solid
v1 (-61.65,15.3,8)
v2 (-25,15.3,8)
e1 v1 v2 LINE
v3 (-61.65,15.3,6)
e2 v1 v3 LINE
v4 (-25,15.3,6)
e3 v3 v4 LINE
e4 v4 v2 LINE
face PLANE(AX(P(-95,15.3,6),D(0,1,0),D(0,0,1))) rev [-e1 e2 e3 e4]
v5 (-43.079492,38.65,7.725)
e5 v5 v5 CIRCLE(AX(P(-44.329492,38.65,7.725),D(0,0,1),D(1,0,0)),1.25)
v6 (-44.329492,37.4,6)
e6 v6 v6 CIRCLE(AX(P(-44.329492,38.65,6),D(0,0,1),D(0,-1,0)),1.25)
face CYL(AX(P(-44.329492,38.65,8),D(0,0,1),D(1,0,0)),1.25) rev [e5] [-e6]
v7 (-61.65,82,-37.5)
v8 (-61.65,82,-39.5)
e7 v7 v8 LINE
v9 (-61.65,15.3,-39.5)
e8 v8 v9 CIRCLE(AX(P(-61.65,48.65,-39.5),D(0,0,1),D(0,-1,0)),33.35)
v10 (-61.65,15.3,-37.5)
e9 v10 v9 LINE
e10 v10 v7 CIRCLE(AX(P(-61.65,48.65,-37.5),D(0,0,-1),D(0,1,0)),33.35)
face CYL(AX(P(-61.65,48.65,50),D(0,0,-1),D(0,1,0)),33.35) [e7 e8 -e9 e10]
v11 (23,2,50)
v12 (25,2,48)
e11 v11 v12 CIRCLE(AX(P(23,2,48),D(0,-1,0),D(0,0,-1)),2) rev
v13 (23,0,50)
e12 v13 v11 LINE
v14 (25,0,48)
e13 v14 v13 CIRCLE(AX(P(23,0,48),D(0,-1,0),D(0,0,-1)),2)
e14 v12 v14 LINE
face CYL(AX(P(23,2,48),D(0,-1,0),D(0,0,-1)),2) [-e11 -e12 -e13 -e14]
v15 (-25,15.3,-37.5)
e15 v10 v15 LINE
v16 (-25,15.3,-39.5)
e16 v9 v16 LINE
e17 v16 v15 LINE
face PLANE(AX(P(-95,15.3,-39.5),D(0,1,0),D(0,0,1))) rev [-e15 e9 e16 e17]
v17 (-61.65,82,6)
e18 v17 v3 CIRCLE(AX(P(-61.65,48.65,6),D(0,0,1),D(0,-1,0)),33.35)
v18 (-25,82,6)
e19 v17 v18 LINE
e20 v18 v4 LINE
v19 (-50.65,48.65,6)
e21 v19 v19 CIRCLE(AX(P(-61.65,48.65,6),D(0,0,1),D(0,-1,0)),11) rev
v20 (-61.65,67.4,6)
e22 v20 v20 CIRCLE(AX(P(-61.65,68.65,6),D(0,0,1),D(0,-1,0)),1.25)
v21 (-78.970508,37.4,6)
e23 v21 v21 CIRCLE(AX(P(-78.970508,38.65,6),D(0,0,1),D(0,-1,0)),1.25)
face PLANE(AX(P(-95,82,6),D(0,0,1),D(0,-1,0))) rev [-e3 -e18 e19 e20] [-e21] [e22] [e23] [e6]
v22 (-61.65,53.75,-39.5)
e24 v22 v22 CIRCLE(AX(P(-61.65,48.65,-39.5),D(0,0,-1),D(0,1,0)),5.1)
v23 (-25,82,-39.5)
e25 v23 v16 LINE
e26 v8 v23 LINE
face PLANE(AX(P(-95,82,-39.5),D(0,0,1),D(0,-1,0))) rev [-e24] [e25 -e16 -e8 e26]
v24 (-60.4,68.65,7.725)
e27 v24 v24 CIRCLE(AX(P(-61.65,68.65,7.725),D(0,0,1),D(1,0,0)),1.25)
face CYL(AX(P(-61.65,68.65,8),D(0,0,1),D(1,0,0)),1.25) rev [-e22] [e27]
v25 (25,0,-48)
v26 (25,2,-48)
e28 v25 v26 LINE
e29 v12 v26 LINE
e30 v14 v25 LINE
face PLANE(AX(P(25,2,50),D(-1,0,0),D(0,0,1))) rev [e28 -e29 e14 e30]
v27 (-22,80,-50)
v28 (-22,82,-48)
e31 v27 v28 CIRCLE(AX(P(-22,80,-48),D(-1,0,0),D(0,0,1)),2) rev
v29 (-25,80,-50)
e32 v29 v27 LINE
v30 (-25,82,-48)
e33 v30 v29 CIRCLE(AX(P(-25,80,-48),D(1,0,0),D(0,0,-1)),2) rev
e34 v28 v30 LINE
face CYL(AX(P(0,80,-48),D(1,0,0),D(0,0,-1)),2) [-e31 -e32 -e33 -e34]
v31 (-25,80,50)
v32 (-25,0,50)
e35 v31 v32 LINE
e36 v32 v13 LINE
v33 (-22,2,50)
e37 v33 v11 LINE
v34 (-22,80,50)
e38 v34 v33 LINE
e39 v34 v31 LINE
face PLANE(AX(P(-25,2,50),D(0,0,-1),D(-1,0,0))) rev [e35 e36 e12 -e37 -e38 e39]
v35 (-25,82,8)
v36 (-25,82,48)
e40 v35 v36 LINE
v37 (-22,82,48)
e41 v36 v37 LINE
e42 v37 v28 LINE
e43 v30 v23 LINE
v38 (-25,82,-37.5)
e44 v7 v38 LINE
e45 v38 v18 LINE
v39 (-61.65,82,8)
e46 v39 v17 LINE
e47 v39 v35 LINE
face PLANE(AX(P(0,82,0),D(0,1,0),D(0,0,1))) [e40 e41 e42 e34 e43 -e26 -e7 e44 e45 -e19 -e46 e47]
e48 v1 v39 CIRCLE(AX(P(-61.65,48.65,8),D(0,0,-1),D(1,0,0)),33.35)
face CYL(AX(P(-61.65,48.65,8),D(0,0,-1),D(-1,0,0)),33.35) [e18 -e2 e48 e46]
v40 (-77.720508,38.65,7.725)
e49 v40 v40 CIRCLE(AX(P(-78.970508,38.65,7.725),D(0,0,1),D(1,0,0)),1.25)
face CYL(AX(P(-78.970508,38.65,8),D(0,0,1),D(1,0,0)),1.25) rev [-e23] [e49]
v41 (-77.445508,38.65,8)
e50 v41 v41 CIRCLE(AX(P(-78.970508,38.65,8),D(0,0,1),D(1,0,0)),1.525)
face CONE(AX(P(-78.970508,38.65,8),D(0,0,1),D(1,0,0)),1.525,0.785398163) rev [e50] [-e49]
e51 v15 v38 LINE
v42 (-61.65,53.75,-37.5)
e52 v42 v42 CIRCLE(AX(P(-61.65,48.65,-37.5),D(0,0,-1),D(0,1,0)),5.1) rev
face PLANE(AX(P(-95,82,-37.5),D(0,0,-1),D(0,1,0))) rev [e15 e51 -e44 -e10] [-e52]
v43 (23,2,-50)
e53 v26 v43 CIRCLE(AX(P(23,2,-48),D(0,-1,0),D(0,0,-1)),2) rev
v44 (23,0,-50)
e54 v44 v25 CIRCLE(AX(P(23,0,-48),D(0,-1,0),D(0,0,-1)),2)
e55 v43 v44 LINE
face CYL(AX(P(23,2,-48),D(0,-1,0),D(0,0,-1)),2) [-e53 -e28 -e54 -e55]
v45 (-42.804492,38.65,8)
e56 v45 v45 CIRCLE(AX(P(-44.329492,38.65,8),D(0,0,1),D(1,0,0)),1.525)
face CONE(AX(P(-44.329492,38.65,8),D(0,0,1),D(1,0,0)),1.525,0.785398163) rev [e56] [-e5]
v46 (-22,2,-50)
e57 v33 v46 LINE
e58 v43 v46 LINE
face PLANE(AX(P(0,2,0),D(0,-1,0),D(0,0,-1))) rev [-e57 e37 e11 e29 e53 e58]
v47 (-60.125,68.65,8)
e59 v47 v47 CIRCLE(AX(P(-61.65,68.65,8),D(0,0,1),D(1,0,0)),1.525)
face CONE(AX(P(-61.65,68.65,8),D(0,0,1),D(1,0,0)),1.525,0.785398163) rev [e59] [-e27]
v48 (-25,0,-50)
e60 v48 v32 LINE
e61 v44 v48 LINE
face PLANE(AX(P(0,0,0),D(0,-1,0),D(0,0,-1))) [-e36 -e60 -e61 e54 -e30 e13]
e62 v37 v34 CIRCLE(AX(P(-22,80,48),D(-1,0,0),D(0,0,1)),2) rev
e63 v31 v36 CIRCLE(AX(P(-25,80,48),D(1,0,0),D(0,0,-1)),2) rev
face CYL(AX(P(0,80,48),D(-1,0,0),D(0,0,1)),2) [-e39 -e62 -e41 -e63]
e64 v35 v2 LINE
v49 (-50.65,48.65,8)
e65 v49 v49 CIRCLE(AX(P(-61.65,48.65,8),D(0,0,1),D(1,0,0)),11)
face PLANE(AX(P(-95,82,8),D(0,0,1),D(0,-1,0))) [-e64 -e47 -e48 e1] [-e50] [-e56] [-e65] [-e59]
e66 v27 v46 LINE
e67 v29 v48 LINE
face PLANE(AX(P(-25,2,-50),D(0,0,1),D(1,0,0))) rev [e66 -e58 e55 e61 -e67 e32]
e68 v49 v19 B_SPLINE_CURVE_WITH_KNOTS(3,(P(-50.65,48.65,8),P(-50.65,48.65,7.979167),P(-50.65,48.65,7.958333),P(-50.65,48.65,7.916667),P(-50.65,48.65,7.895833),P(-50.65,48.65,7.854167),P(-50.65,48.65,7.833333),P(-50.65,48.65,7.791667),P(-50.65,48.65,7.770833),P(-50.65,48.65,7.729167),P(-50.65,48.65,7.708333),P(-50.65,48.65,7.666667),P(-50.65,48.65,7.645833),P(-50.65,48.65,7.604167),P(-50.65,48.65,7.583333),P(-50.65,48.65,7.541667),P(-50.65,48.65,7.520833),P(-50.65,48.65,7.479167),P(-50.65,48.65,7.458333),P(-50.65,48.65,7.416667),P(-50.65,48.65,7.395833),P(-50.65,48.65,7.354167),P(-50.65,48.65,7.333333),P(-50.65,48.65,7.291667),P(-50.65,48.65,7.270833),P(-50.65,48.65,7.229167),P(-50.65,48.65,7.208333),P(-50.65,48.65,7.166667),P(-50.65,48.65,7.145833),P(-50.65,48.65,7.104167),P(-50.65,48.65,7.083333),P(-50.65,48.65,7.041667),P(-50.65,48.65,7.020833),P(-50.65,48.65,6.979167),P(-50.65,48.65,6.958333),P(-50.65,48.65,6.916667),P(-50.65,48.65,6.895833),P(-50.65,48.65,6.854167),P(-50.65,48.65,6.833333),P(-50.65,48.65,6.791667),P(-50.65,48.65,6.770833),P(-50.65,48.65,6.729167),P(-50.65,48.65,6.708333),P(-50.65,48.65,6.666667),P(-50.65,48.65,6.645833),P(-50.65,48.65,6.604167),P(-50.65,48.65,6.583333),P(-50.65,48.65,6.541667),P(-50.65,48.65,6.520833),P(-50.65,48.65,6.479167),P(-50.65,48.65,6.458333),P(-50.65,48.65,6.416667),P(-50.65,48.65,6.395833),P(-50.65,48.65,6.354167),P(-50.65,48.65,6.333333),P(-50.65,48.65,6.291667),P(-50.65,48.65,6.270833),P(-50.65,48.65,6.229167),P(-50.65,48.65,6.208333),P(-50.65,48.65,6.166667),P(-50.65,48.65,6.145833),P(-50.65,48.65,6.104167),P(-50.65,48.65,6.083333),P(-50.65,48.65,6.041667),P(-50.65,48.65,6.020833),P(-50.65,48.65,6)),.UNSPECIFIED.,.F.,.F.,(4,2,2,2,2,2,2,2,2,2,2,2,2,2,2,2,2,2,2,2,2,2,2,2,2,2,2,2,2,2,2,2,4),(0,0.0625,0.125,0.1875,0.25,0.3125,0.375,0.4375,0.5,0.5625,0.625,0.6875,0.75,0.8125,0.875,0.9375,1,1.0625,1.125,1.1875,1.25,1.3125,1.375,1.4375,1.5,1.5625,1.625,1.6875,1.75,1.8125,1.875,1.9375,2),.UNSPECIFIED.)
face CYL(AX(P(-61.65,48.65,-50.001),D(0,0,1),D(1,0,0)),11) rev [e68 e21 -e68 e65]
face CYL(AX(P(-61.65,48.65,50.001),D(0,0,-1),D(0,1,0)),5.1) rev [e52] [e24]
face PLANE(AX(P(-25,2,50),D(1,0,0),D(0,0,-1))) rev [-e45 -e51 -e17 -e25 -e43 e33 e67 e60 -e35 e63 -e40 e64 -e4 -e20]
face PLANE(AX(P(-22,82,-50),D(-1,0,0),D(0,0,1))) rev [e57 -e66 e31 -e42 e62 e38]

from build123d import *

# Parameters (mm, degrees)
SKETCH_1_W                   = 50
SKETCH_1_H                   = 100
EXTRUDE_1_DEPTH              = 2
SKETCH_2_W                   = 3
SKETCH_2_H                   = 100
EXTRUDE_2_DEPTH              = 80
SKETCH_3_W                   = 2
SKETCH_3_H                   = 66.7
EXTRUDE_3_DEPTH              = 70
CUT_EXTRUDE_4_REACH          = 162.465
SKETCH_8_W                   = 2
SKETCH_8_H                   = 66.7
EXTRUDE_4_DEPTH              = 70
CUT_EXTRUDE_5_REACH          = 140.25
HOLE_WIZARD_M3_1_D           = 2.5
HOLE_WIZARD_M3_1_DEPTH       = 2
HOLE_WIZARD_M3_1_CSINK_D     = 3.05
HOLE_WIZARD_M3_1_CSINK_ANGLE = 90
FILLET_1_R                   = 2
CUT_EXTRUDE_6_REACH          = 140.25
SKETCH_12_R                  = 11
CUT_EXTRUDE_7_REACH          = 162.465
SKETCH_13_R                  = 14.5
SKETCH_14_W                  = 2
SKETCH_14_H                  = 66.7
EXTRUDE_5_DEPTH              = 70
CUT_EXTRUDE_8_REACH          = 156.14
SKETCH_15_R                  = 5.1
CUT_EXTRUDE_9_DEPTH          = 155.140358116
CUT_EXTRUDE_9_DEPTH_BACK     = 155.140358116
SKETCH_19_W                  = 2
SKETCH_19_H                  = 66.7
CUT_EXTRUDE_10_DEPTH         = 119.844436134
FILLET_2_R                   = 2


with BuildPart() as part:
    # 草图1 → 凸台-拉伸1 (new body)
    with BuildSketch(Plane(origin=(0, 0, 0), x_dir=(1, 0, 0), z_dir=(0, 1, 0))):
        Rectangle(SKETCH_1_W, SKETCH_1_H)
    extrude(amount=EXTRUDE_1_DEPTH)

    # 草图2 → 凸台-拉伸2 (add)
    with BuildSketch(Plane(origin=(0, 2, 0), x_dir=(1, 0, 0), z_dir=(0, 1, 0))):
        with Locations((-23.5, 0)):
            Rectangle(SKETCH_2_W, SKETCH_2_H)
    extrude(amount=EXTRUDE_2_DEPTH)

    # 草图3 → 凸台-拉伸3 (add)
    with BuildSketch(Plane.ZY.offset(25)):
        with Locations((-49, 48.65)):
            Rectangle(SKETCH_3_W, SKETCH_3_H)
    extrude(amount=EXTRUDE_3_DEPTH)

    # 草图4 → 切除-拉伸4 (cut, up to next)
    with BuildSketch(Plane(origin=(0, 0, -50), x_dir=(-1, 0, 0), z_dir=(0, 0, -1)), mode=Mode.PRIVATE) as cut_extrude_4_sk1:
        with BuildLine():
            Line((95, 82), (61.65, 82))
            ThreePointArc((61.65, 82), (85.232011153, 72.232011153), (95, 48.65))
            Line((95, 48.65), (95, 82))
        make_face()
    cut_extrude_4_tool1 = extrude(cut_extrude_4_sk1.sketch, amount=-CUT_EXTRUDE_4_REACH, mode=Mode.PRIVATE) & part.part
    # 草图4 → 切除-拉伸4 (cut, up to next)
    with BuildSketch(Plane(origin=(0, 0, -50), x_dir=(-1, 0, 0), z_dir=(0, 0, -1)), mode=Mode.PRIVATE) as cut_extrude_4_sk2:
        with BuildLine():
            ThreePointArc((95, 48.65), (85.232011153, 25.067988847), (61.65, 15.3))
            Line((61.65, 15.3), (95, 15.3))
            Line((95, 15.3), (95, 48.65))
        make_face()
    cut_extrude_4_tool2 = extrude(cut_extrude_4_sk2.sketch, amount=-CUT_EXTRUDE_4_REACH, mode=Mode.PRIVATE) & part.part
    add(cut_extrude_4_tool1.solids().sort_by_distance((-87.550679, 74.550679, -50))[0], mode=Mode.SUBTRACT)
    add(cut_extrude_4_tool2.solids().sort_by_distance((-87.550679, 22.749321, -50))[0], mode=Mode.SUBTRACT)

    # 草图8 → 凸台-拉伸4 (add)
    with BuildSketch(Plane.ZY.offset(25)):
        with Locations((7, 48.65)):
            Rectangle(SKETCH_8_W, SKETCH_8_H)
    extrude(amount=EXTRUDE_4_DEPTH)

    # 草图9 → 切除-拉伸5 (cut, up to next)
    with BuildSketch(Plane.XY.offset(8), mode=Mode.PRIVATE) as cut_extrude_5_sk1:
        with BuildLine():
            ThreePointArc((-95, 48.65), (-85.232011153, 72.232011153), (-61.65, 82))
            Line((-61.65, 82), (-95, 82))
            Line((-95, 82), (-95, 48.65))
        make_face()
    cut_extrude_5_tool1 = extrude(cut_extrude_5_sk1.sketch, amount=-CUT_EXTRUDE_5_REACH, mode=Mode.PRIVATE) & part.part
    # 草图9 → 切除-拉伸5 (cut, up to next)
    with BuildSketch(Plane.XY.offset(8), mode=Mode.PRIVATE) as cut_extrude_5_sk2:
        with BuildLine():
            ThreePointArc((-61.65, 15.3), (-85.232011153, 25.067988847), (-95, 48.65))
            Line((-95, 48.65), (-95, 15.3))
            Line((-95, 15.3), (-61.65, 15.3))
        make_face()
    cut_extrude_5_tool2 = extrude(cut_extrude_5_sk2.sketch, amount=-CUT_EXTRUDE_5_REACH, mode=Mode.PRIVATE) & part.part
    add(cut_extrude_5_tool1.solids().sort_by_distance((-87.550679, 74.550679, 8))[0], mode=Mode.SUBTRACT)
    add(cut_extrude_5_tool2.solids().sort_by_distance((-87.550679, 22.749321, 8))[0], mode=Mode.SUBTRACT)

    # M3 螺纹孔1
    with Locations(Plane.XY.offset(8)):
        with Locations((-78.970508076, 38.65), (-61.65, 68.65), (-44.329491924, 38.65)):
            CounterSinkHole(HOLE_WIZARD_M3_1_D / 2, HOLE_WIZARD_M3_1_CSINK_D / 2, depth=HOLE_WIZARD_M3_1_DEPTH, counter_sink_angle=HOLE_WIZARD_M3_1_CSINK_ANGLE)

    # 圆角1
    fillet_1_edges = [part.edges().sort_by_distance(p)[0] for p in [
        (-23.5, 82, 50),
        (25, 1, 50),
        (25, 1, -50),
    ]]
    fillet(fillet_1_edges, radius=FILLET_1_R)

    # 草图12 → 切除-拉伸6 (cut, up to next)
    with BuildSketch(Plane.XY.offset(8), mode=Mode.PRIVATE) as cut_extrude_6_sk1:
        with Locations((-61.65, 48.65)):
            Circle(SKETCH_12_R)
    cut_extrude_6_tool1 = extrude(cut_extrude_6_sk1.sketch, amount=-CUT_EXTRUDE_6_REACH, mode=Mode.PRIVATE) & part.part
    add(cut_extrude_6_tool1.solids().sort_by_distance((-61.65, 48.65, 8))[0], mode=Mode.SUBTRACT)

    # 草图13 → 切除-拉伸7 (cut, up to next)
    with BuildSketch(Plane(origin=(0, 0, -50), x_dir=(-1, 0, 0), z_dir=(0, 0, -1)), mode=Mode.PRIVATE) as cut_extrude_7_sk1:
        with Locations((61.65, 48.65)):
            Circle(SKETCH_13_R)
    cut_extrude_7_tool1 = extrude(cut_extrude_7_sk1.sketch, amount=-CUT_EXTRUDE_7_REACH, mode=Mode.PRIVATE) & part.part
    add(cut_extrude_7_tool1.solids().sort_by_distance((-61.65, 48.65, -50))[0], mode=Mode.SUBTRACT)

    # 草图14 → 凸台-拉伸5 (add)
    with BuildSketch(Plane.ZY.offset(25)):
        with Locations((-38.5, 48.65)):
            Rectangle(SKETCH_14_W, SKETCH_14_H)
    extrude(amount=EXTRUDE_5_DEPTH)

    # 草图15 → 切除-拉伸8 (cut, up to next)
    with BuildSketch(Plane(origin=(0, 0, -39.5), x_dir=(-1, 0, 0), z_dir=(0, 0, -1)), mode=Mode.PRIVATE) as cut_extrude_8_sk1:
        with Locations(Location((61.65, 48.65, 0), (0, 0, 90))):
            Circle(SKETCH_15_R)
    cut_extrude_8_tool1 = extrude(cut_extrude_8_sk1.sketch, amount=-CUT_EXTRUDE_8_REACH, mode=Mode.PRIVATE) & part.part
    add(cut_extrude_8_tool1.solids().sort_by_distance((-61.65, 48.65, -39.5))[0], mode=Mode.SUBTRACT)

    # 草图18 → 切除-拉伸9 (cut, two sides: drawn at the far end of the back side and taken through both)
    with BuildSketch(Plane(origin=(0, 0, -39.5), x_dir=(-1, 0, 0), z_dir=(0, 0, -1)).offset(-CUT_EXTRUDE_9_DEPTH_BACK)):
        with BuildLine():
            Line((95, 15.3), (95, 48.65))
            ThreePointArc((95, 48.65), (85.232011153, 25.067988847), (61.65, 15.3))
            Line((61.65, 15.3), (95, 15.3))
        make_face()
        with BuildLine():
            Line((95, 48.65), (95, 82))
            Line((95, 82), (61.65, 82))
            ThreePointArc((61.65, 82), (85.232011153, 72.232011153), (95, 48.65))
        make_face()
    extrude(amount=CUT_EXTRUDE_9_DEPTH + CUT_EXTRUDE_9_DEPTH_BACK, mode=Mode.SUBTRACT)

    # 草图19 → 切除-拉伸10 (cut, through all)
    with BuildSketch(Plane.ZY.offset(25)):
        with Locations((-49, 48.65)):
            Rectangle(SKETCH_19_W, SKETCH_19_H)
    extrude(amount=CUT_EXTRUDE_10_DEPTH, mode=Mode.SUBTRACT)

    # 圆角2
    fillet_2_edges = [part.edges().sort_by_distance(p)[0] for p in [
        (-23.5, 82, -50),
    ]]
    fillet(fillet_2_edges, radius=FILLET_2_R)


solid = part.part
